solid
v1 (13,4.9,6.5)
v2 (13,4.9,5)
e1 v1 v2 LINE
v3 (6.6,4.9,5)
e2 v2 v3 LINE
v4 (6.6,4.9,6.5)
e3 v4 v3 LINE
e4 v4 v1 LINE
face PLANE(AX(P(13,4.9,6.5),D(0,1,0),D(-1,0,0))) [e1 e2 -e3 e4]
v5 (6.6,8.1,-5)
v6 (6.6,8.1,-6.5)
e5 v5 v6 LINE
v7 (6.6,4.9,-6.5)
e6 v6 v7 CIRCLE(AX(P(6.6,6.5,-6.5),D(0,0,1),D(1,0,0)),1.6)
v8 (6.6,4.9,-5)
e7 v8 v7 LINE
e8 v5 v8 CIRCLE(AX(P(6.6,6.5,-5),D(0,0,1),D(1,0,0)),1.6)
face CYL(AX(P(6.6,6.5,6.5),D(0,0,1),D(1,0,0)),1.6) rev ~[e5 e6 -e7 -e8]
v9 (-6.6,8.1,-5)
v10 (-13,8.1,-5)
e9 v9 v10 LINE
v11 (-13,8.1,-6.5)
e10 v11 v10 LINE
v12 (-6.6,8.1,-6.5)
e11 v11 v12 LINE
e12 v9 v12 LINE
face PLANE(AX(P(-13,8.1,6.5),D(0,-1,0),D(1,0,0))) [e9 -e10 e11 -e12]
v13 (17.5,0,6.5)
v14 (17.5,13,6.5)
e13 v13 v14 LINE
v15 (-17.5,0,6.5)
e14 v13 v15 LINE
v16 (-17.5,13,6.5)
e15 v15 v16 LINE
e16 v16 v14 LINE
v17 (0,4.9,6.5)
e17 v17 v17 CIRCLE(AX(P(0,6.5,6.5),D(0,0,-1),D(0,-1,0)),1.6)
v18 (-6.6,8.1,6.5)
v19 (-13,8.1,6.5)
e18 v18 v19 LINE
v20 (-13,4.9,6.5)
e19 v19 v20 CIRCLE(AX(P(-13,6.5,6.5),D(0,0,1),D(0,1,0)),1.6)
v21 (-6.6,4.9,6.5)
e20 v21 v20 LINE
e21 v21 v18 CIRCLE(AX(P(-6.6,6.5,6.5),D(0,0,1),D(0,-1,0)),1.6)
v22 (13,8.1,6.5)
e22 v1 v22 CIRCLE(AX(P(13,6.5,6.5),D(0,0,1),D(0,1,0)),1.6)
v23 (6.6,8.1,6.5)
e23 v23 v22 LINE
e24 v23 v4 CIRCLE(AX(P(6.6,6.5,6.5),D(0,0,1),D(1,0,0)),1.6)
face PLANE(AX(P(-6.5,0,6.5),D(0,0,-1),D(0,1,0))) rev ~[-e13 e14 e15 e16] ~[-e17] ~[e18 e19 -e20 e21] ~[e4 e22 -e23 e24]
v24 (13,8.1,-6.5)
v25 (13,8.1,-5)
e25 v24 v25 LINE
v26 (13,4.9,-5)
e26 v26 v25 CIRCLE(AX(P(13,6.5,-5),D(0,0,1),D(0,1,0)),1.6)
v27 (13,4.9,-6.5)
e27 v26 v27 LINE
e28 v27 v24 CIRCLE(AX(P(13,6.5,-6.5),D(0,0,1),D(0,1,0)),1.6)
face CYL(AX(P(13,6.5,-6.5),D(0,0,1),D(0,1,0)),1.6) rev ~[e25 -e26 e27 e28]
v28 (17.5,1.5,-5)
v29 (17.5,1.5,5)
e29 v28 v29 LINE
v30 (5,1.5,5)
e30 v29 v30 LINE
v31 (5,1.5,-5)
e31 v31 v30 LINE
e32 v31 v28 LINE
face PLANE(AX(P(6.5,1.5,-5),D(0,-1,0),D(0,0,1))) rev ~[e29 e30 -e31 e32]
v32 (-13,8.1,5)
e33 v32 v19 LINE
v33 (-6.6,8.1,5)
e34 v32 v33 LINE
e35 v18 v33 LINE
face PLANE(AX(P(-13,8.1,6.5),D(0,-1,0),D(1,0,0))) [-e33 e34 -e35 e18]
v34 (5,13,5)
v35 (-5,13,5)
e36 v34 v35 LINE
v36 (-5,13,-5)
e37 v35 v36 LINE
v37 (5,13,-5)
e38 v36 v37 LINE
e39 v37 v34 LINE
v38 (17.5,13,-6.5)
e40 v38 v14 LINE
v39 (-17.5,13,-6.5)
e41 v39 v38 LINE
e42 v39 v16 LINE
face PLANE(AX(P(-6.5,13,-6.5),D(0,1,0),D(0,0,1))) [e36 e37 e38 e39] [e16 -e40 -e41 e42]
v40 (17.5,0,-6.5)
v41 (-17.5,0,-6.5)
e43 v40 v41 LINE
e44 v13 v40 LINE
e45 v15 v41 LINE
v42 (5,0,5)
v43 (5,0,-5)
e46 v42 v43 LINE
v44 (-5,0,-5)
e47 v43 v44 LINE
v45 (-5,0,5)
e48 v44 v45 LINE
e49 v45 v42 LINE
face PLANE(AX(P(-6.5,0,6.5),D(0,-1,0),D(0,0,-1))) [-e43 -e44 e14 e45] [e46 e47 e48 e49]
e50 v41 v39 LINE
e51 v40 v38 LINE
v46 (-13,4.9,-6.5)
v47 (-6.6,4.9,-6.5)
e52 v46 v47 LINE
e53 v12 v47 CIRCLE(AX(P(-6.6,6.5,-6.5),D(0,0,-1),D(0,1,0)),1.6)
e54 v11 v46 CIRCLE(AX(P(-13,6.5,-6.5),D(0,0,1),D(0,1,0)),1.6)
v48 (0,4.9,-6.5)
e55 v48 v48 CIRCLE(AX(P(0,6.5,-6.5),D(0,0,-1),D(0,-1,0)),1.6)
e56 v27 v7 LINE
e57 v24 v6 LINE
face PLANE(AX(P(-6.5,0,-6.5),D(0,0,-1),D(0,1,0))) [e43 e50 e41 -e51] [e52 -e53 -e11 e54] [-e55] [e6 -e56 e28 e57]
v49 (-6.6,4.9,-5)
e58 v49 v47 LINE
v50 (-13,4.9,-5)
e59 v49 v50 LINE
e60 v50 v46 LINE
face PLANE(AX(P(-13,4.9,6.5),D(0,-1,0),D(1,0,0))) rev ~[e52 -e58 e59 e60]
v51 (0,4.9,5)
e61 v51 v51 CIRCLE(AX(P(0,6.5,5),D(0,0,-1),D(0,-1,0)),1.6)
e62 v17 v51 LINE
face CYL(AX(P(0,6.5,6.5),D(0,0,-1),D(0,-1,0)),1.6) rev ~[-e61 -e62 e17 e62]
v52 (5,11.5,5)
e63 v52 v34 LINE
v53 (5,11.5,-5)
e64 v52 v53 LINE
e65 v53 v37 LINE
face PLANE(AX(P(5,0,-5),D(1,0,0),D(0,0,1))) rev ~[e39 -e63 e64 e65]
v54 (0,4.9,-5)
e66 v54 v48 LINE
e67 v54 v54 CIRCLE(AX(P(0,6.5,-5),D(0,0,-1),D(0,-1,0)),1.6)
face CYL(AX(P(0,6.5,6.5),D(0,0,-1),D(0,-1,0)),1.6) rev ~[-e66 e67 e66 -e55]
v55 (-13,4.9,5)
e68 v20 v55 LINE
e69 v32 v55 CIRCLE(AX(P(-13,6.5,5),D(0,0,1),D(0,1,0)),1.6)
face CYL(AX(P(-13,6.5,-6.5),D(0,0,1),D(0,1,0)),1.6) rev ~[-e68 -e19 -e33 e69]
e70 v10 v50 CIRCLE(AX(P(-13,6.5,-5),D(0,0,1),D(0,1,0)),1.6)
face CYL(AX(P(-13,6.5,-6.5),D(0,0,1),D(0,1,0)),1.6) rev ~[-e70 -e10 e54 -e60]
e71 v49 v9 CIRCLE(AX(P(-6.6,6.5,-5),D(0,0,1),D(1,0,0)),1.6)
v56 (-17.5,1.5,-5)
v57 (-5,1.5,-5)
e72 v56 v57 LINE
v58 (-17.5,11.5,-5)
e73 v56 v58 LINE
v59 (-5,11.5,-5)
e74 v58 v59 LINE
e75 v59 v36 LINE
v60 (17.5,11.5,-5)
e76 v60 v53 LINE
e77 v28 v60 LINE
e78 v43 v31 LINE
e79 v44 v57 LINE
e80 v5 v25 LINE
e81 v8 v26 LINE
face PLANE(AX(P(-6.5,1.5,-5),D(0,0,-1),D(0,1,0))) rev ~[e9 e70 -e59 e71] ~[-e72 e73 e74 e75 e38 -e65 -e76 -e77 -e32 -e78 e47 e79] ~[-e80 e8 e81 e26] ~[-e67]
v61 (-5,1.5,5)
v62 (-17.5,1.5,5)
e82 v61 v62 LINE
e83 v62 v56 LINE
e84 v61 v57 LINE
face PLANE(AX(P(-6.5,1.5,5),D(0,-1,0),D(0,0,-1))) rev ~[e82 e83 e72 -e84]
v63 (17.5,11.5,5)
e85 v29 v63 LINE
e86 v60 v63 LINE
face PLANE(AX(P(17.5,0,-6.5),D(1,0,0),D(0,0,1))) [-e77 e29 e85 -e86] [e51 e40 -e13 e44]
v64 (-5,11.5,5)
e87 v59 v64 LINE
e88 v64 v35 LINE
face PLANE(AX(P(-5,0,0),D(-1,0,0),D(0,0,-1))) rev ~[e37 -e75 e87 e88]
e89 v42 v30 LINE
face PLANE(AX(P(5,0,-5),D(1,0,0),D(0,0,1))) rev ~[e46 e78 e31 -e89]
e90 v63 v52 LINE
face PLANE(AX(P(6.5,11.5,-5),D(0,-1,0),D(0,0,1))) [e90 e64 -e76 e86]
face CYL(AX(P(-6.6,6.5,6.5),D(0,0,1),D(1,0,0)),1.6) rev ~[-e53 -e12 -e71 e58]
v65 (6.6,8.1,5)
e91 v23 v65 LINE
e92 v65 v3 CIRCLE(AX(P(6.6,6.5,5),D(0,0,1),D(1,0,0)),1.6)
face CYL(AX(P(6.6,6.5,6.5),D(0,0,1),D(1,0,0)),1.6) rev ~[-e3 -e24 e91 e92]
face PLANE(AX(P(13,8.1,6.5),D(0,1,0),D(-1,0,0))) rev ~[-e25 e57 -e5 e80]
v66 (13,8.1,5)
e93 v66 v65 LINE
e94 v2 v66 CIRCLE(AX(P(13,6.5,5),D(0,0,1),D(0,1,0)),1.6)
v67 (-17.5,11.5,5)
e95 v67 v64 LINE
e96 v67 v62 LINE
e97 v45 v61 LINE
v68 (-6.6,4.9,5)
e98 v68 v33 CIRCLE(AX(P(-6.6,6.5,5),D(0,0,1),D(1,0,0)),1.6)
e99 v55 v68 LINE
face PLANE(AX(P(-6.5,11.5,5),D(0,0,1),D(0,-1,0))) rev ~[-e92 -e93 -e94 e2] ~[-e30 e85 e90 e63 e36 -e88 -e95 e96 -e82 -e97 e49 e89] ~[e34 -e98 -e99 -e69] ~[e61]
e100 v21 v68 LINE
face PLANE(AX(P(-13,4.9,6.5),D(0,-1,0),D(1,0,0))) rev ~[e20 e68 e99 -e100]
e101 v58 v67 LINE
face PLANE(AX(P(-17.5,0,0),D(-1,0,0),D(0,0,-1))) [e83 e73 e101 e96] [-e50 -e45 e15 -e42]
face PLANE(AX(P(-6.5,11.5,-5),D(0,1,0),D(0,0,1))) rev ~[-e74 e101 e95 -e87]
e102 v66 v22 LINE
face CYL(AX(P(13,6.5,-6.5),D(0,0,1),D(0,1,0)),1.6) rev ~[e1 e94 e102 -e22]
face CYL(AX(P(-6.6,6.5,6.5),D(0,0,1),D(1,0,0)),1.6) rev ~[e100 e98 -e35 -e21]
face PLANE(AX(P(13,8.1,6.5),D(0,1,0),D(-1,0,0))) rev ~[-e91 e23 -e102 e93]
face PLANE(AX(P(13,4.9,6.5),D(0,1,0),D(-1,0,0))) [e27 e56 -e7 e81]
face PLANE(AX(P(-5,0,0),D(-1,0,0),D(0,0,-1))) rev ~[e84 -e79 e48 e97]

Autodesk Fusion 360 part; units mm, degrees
sketch "スケッチ1" plane through (0, 0, 0) normal (0, 1, 0) x (1, 0, 0)
  line L0 (0, 8) -> (0, -10)
  line L1 (-10, 0) -> (10, 0)
  line L2 (-6.5, 6.5) -> (6.5, 6.5)
  line L3 (6.5, 6.5) -> (6.5, -6.5)
  line L4 (6.5, -6.5) -> (-6.5, -6.5)
  line L5 (-6.5, -6.5) -> (-6.5, 6.5)
  line L6 (-5, 5) -> (5, 5)
  line L7 (5, 5) -> (5, -5)
  line L8 (5, -5) -> (-5, -5)
  line L9 (-5, -5) -> (-5, 5)
  dimension "d1" = 13
  dimension "d2" = 13
extrude "押し出し1" add sketch "スケッチ1" along normal blind 13 contours L0 L1 L2 L3 L6 L7 | L0 L1 L2 L5 L6 L9 | L0 L1 L4 L5 L8 L9 | L0 L1 L3 L4 L7 L8
sketch "スケッチ2" plane through (0, 0, 6.5) normal (0, 0, 1) x (1, 0, 0)
  line L0 (-6.5, 0) -> (6.5, 0)
  line L1 (6.5, 0) -> (6.5, 13)
  line L2 (6.5, 13) -> (-6.5, 13)
  line L3 (-6.5, 13) -> (-6.5, 0)
  point P0 (0, 6.5)
  dimension "d5" = 6.5
  dimension "d6" = 6.5
hole "穴1" at (0, 6.5, 6.5) direction (0, 0, -1) diameter 3.2 depth 20 tip angle 118
sketch "スケッチ3" plane through (6.5, 0, 0) normal (1, 0, 0) x (0, 0, -1)
  line L0 (-6.5, 0) -> (6.5, 0)
  line L1 (6.5, 0) -> (6.5, 13)
  line L2 (6.5, 13) -> (-6.5, 13)
  line L3 (-6.5, 13) -> (-6.5, 0)
  line L4 (-9, 6.5) -> (10, 6.5)
  line L5 (0, 14) -> (0, -2)
  line L6 (-5, 11.5) -> (5, 11.5)
  line L7 (5, 11.5) -> (5, 1.5)
  line L8 (5, 1.5) -> (-5, 1.5)
  line L9 (-5, 1.5) -> (-5, 11.5)
  dimension "d10" = 10
  dimension "d11" = 10
extrude "押し出し2" cut sketch "スケッチ3" against normal blind 17 contours L4 L5 L8 L9 | L4 L5 L7 L8 | L4 L5 L6 L9 | L4 L5 L6 L7
extrude "押し出し3" add 1 faces at (6.5, 4.8333, -6) along direction (1, 0, 0) blind 13
extrude "押し出し4" add 1 faces at (-6.5, 4.8333, 6) along direction (-1, 0, 0) blind 13
sketch "スケッチ4" plane through (0, 13, 0) normal (0, 1, 0) x (-1, 0, 0)
  line L0 (-5, 5) -> (5, 5)
  line L1 (5, 5) -> (5, -5)
  line L2 (5, -5) -> (-5, -5)
  line L3 (-5, -5) -> (-5, 5)
  line L4 (19.5, 6.5) -> (-19.5, 6.5)
  line L5 (-19.5, 6.5) -> (-19.5, -6.5)
  line L6 (-19.5, -6.5) -> (19.5, -6.5)
  line L7 (19.5, -6.5) -> (19.5, 6.5)
sketch "スケッチ5" plane through (0, 0, -6.5) normal (0, 0, -1) x (-1, 0, 0)
  circle A0 centre (0, 6.5) radius 1.6
  line L0 (-19.5, 0) -> (19.5, 0)
  line L1 (19.5, 0) -> (19.5, 13)
  line L2 (19.5, 13) -> (-19.5, 13)
  line L3 (-19.5, 13) -> (-19.5, 0)
  line L4 (-19.5, 13) -> (19.5, 13)
  point P0 (-13, 6.5)
  point P1 (13, 6.5)
  dimension "d18" = 6.5
  dimension "d19" = 6.5
  dimension "d20" = 6.5
  dimension "d21" = 6.5
hole "穴2" at (13, 6.5, -6.5) at (-13, 6.5, -6.5) direction (0, 0, 1) diameter 3.2 depth 100 tip angle 118
extrude "押し出し5" cut 1 faces at (19.5, 4.8333, -6) along direction (-1, 0, 0) blind 2
extrude "押し出し6" cut 1 faces at (-19.5, 4.8333, 6) along direction (1, 0, 0) blind 2
sketch "スケッチ6" plane through (0, 0, 6.5) normal (0, 0, 1) x (1, 0, 0)
  line L0 (-17.5, 13) -> (-17.5, 0)
  line L1 (-17.5, 0) -> (17.5, 0)
  line L2 (17.5, 0) -> (17.5, 13)
  line L3 (17.5, 13) -> (-17.5, 13)
  circle A0 centre (0, 6.5) radius 1.6
  circle A1 centre (-13, 6.5) radius 1.6
  circle A2 centre (13, 6.5) radius 1.6
  line L4 (-13, 6.5) -> (-9.8, 6.5)
  circle A3 centre (-9.8, 6.5) radius 1.6
  line L5 (13, 6.5) -> (9.8, 6.5)
  circle A4 centre (9.8, 6.5) radius 1.6
  line L6 (-9.8, 6.5) -> (-6.6, 6.5)
  line L7 (9.8, 6.5) -> (6.6, 6.5)
  circle A5 centre (-6.6, 6.5) radius 1.6
  circle A6 centre (6.6, 6.5) radius 1.6
  line L8 (-13, 6.5) -> (-13, 8.1)
  line L9 (-13, 6.5) -> (-13, 4.9)
  line L10 (-13, 8.1) -> (-6.6, 8.1)
  line L11 (-13, 4.9) -> (-6.6, 4.9)
  line L12 (13, 6.5) -> (13, 8.1)
  line L13 (13, 6.5) -> (13, 4.9)
  line L14 (13, 8.1) -> (6.6, 8.1)
  line L15 (13, 4.9) -> (6.6, 4.9)
  dimension "d29" = 3.2
  dimension "d30" = 3.2
  dimension "d31" = 3.2
  dimension "d32" = 3.2
extrude "押し出し7" cut sketch "スケッチ6" against normal blind 13 contours A1 A3 L11 | L4 A3 L6 | A1 A3 L10 | L4 A3 L6 | A3 A5 L10 | A3 A5 L11 | A5 | A2 A4 L14 | A2 A4 L15 | L5 A4 L7 | L5 A4 L7 | A4 A6 L14 | A4 A6 L15 | A6
